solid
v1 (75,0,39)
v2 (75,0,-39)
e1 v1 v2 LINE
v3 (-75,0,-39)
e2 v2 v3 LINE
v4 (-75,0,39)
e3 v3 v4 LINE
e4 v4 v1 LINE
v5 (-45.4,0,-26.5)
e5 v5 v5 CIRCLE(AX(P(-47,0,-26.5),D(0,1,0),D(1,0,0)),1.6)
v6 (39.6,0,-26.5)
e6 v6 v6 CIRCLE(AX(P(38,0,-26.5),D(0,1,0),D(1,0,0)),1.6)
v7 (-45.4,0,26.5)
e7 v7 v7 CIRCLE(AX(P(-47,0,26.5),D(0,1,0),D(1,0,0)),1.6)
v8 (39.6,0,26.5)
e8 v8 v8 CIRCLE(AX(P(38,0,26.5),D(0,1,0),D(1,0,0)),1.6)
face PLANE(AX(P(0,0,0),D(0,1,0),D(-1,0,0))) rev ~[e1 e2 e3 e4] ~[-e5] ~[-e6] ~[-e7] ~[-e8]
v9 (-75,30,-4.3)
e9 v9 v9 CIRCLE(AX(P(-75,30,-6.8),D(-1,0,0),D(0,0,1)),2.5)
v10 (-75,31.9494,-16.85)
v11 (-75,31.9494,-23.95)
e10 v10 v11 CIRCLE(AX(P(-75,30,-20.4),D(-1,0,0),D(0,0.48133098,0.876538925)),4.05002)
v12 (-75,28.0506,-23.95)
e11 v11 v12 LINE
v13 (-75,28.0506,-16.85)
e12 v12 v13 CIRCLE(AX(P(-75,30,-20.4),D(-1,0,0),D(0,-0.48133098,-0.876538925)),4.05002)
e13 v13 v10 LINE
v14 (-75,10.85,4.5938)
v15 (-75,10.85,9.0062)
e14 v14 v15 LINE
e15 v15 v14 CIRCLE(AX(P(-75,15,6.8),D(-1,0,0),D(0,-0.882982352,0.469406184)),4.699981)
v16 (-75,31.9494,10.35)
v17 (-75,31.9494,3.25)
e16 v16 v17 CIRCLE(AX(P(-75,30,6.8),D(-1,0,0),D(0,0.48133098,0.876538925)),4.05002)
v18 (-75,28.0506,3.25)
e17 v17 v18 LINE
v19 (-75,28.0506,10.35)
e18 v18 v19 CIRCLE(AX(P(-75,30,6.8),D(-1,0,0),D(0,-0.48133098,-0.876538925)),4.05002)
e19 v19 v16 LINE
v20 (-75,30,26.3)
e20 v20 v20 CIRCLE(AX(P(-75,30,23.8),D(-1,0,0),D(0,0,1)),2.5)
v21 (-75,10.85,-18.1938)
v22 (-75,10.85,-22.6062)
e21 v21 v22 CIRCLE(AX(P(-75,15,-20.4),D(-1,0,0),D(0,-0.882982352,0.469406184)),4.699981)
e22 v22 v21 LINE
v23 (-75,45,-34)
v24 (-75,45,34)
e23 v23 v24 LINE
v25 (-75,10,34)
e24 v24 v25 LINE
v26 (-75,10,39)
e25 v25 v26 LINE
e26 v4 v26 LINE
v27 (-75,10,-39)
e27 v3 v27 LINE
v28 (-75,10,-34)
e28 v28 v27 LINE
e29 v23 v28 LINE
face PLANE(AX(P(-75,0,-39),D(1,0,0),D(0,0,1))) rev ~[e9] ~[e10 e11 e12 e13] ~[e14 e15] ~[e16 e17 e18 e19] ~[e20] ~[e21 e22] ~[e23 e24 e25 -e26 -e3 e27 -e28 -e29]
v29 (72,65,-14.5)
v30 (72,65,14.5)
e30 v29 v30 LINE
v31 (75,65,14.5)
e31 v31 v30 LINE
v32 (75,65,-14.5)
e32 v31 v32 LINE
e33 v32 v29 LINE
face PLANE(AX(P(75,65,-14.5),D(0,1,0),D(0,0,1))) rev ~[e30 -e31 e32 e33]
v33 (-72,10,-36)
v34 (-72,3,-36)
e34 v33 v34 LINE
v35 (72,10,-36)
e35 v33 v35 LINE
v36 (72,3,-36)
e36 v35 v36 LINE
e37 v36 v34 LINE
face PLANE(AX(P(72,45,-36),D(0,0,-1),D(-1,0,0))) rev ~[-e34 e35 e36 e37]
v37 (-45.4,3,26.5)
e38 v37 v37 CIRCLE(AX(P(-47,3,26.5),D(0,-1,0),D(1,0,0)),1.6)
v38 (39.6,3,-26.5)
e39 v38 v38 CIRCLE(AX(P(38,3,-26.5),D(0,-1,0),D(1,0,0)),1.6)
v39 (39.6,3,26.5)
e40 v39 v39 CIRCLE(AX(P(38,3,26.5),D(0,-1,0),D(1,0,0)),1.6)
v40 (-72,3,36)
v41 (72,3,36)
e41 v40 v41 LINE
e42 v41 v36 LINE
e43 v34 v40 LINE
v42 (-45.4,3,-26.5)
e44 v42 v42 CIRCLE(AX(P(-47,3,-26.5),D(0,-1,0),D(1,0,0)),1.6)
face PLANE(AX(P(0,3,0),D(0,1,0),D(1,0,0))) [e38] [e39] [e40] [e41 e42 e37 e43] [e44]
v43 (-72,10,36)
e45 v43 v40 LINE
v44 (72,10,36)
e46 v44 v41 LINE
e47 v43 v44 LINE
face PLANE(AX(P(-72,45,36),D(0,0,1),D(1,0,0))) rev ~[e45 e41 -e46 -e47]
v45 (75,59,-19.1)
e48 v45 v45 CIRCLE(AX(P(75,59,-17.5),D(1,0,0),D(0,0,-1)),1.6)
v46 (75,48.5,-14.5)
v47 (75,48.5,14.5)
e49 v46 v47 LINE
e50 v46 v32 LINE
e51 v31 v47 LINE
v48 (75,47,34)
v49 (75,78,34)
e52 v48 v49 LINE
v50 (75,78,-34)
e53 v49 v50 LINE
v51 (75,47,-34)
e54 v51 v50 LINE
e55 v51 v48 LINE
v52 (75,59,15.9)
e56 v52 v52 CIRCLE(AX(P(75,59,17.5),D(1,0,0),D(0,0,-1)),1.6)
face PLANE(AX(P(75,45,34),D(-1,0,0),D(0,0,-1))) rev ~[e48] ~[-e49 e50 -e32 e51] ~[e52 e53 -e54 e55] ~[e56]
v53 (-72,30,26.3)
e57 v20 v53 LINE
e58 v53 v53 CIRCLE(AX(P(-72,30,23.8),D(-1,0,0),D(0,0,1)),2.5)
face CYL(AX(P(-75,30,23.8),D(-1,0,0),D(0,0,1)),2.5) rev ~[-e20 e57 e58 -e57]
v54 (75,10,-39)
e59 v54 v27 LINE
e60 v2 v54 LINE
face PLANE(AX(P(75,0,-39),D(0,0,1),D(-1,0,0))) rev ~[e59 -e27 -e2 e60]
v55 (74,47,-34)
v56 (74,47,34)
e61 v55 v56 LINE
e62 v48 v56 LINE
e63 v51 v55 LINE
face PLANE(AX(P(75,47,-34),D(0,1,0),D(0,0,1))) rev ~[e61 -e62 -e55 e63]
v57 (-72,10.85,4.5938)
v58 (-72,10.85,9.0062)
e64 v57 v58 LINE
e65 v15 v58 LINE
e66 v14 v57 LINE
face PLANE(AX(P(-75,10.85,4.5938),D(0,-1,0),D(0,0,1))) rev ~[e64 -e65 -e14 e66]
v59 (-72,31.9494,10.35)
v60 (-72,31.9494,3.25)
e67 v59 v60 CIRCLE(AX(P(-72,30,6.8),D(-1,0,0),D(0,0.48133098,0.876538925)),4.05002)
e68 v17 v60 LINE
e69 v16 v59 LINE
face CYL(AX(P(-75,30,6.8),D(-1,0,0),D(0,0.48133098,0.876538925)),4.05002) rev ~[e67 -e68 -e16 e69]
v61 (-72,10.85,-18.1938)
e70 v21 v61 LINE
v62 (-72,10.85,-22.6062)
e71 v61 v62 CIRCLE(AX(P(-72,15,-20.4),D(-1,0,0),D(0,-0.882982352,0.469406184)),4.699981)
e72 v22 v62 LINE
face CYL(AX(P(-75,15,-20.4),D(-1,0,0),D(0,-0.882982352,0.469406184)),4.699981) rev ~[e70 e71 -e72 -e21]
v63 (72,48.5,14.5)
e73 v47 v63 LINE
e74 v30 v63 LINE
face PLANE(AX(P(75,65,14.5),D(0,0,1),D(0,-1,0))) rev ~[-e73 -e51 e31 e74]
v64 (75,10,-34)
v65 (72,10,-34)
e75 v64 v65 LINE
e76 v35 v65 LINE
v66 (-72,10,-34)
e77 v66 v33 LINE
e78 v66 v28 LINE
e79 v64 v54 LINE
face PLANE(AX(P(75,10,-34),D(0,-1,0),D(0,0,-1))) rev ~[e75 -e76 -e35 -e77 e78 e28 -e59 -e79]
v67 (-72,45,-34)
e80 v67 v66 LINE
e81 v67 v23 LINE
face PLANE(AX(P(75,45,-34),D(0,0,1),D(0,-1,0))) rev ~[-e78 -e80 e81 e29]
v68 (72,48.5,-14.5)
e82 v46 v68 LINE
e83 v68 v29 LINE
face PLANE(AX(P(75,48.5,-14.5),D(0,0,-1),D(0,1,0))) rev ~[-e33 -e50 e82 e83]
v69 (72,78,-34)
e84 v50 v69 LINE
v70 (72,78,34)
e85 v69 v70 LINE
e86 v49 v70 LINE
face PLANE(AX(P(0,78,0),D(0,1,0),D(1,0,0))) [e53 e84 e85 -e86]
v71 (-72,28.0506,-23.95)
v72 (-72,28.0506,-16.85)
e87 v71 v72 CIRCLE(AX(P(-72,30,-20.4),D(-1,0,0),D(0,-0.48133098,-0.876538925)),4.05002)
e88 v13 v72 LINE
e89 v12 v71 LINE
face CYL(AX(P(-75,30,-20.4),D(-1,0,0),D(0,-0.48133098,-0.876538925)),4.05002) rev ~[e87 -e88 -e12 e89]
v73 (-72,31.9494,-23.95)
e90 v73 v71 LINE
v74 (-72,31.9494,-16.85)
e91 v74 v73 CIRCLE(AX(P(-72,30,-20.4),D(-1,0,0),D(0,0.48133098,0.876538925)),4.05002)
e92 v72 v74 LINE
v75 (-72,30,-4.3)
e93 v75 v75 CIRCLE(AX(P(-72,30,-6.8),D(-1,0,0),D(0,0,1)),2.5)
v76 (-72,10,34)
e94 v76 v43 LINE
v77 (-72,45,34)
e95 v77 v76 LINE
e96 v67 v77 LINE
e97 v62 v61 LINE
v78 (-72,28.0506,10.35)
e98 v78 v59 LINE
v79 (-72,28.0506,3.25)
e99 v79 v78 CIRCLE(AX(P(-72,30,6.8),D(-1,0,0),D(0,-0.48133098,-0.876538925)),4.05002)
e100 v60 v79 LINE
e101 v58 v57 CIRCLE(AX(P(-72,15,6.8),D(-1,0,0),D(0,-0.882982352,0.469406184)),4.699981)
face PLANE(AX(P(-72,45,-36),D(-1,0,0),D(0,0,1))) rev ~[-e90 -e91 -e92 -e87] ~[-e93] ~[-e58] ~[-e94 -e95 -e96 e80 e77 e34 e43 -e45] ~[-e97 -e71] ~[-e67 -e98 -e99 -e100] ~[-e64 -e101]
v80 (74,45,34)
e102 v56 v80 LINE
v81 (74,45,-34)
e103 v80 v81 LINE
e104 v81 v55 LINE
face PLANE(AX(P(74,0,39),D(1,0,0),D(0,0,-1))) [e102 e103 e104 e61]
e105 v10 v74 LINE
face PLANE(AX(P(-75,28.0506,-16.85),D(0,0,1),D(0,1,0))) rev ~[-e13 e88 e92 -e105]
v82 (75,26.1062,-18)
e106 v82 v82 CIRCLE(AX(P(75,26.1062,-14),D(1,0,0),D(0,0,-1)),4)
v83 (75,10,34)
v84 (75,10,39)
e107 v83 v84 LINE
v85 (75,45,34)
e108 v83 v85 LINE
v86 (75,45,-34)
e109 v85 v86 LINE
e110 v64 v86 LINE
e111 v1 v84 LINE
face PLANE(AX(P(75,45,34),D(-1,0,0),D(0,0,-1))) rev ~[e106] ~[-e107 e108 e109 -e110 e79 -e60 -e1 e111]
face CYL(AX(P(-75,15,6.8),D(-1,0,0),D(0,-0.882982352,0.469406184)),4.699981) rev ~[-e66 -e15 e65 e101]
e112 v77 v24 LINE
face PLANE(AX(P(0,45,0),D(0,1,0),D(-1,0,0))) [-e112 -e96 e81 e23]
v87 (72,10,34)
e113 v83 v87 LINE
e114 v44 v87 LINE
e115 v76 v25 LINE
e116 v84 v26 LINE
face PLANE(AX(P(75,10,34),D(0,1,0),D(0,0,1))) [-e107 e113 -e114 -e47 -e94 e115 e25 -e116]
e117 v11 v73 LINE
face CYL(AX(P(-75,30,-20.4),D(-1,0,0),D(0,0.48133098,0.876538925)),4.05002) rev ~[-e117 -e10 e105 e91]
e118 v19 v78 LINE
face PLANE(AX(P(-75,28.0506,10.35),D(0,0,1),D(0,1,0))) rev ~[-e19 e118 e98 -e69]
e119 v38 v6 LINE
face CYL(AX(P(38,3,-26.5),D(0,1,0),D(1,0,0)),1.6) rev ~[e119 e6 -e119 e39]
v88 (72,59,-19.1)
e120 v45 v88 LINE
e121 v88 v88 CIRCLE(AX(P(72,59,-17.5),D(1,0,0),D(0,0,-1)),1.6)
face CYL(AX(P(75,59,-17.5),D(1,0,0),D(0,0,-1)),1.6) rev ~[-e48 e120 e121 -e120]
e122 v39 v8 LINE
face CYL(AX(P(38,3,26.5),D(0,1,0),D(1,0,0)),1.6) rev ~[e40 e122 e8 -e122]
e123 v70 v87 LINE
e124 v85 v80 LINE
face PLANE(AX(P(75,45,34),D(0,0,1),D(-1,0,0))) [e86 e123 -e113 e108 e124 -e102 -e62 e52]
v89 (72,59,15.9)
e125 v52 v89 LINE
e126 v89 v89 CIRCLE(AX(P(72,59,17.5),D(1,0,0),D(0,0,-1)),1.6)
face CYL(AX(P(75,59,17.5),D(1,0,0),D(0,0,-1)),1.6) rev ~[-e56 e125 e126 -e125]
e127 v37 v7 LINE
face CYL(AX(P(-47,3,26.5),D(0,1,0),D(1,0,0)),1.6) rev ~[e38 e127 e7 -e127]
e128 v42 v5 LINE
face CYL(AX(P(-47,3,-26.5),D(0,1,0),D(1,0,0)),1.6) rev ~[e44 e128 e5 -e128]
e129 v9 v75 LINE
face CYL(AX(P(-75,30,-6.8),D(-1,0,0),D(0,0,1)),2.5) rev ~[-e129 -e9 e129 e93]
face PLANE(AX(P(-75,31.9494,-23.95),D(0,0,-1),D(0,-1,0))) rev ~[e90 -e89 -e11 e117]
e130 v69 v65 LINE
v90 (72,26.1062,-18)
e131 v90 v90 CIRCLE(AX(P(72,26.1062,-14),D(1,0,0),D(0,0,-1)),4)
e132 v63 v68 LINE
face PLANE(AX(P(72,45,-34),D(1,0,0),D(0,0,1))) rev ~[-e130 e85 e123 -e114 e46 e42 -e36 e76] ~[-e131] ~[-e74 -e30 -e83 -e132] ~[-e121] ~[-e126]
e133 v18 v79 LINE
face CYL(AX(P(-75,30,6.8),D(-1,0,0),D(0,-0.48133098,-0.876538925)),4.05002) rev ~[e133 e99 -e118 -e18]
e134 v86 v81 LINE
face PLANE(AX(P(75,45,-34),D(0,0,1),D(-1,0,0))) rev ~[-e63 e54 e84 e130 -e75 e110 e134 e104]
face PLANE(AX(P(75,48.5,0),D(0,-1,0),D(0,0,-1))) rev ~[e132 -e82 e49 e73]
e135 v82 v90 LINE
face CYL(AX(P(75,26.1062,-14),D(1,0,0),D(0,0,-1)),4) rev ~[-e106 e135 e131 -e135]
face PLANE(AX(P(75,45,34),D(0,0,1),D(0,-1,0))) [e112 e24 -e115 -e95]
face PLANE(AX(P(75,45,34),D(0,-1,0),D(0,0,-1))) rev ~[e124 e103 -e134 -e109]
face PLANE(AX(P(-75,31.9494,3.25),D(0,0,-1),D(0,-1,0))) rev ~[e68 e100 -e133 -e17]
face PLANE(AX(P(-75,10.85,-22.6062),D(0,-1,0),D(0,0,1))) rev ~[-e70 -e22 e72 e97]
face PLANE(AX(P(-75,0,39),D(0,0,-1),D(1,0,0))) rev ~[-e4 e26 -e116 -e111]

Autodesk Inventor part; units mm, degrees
ref_plane "YZ Plane" through (0, 0, 0) normal (1, 0, 0) x (0, 1, 0)
ref_plane "XZ Plane" through (0, 0, 0) normal (0, 1, 0) x (-1, 0, 0)
ref_plane "XY Plane" through (0, 0, 0) normal (0, 0, 1) x (1, 0, 0)
sketch "Sketch1" plane through (0, 0, 0) normal (0, 1, 0) x (-1, 0, 0)
  line L0 (-75, -39) -> (75, -39)
  line L1 (75, -39) -> (75, 39)
  line L2 (75, 39) -> (-75, 39)
  line L3 (-75, 39) -> (-75, -39)
  line L4 (-75, -39) -> (75, 39) construction
  line L5 (75, -39) -> (-75, 39) construction
  point P0 (0, 0)
  dimension "d0" = 150
  dimension "d1" = 78
extrude "Extrusion1" add sketch "Sketch1" along normal blind 45
sketch "Sketch4" plane through (75, 0, 39) normal (1, 0, 0) x (0, 0, -1)
  line L0 (78, 45) -> (0, 45) projected
  line L1 (0, 45) -> (5, 45)
  line L2 (5, 45) -> (5, 10)
  line L3 (5, 10) -> (0, 10)
  line L4 (0, 10) -> (0, 45)
  line L5 (78, 45) -> (73, 45)
  line L6 (73, 45) -> (73, 10)
  line L7 (73, 10) -> (78, 10)
  line L8 (78, 10) -> (78, 45)
  point P0 (39, 0)
  dimension "d14" = 5
  dimension "d15" = 35
  dimension "d16" = 5
  dimension "d17" = 35
extrude "Extrusion4" cut sketch "Sketch4" against normal blind 150
sketch "Sketch5" plane through (0, 45, 0) normal (0, 1, 0) x (1, 0, 0)
  line L0 (72, 36) -> (-72, 36)
  line L1 (-72, 36) -> (-72, -36)
  line L2 (-72, -36) -> (72, -36)
  line L3 (72, -36) -> (72, 36)
  line L4 (72, 36) -> (-72, -36) construction
  line L5 (-72, 36) -> (72, -36) construction
  point P0 (0, 0)
  dimension "d20" = 144
  dimension "d21" = 72
extrude "Extrusion5" cut sketch "Sketch5" against normal blind 42
sketch "Sketch6" plane through (75, 0, 39) normal (1, 0, 0) x (0, 0, -1)
  circle A0 centre (53, 26.1062) radius 4
  line L0 (73, 10) -> (73, 45) projected
  circle A1 centre (25, 27.5) radius 10.75
  line L1 (5, 78) -> (5, 10) projected
  point P0 (39, 0)
  point P1 (5, 45)
  dimension "d25" = 8
  dimension "d33" = 20
  dimension "d67" = 21.5
  dimension "d68" = 20
sketch "Sketch7" plane through (-75, 0, -39) normal (-1, 0, 0) x (0, 0, 1)
  line L0 (22.15, 28.0506) -> (22.15, 31.9494)
  line L1 (15.05, 31.9494) -> (15.05, 28.0506)
  line L2 (15.05, 28.0506) -> (22.15, 31.9494) construction
  line L3 (22.15, 28.0506) -> (15.05, 31.9494) construction
  arc A0 (22.15, 31.9494) -> (15.05, 31.9494) centre (18.6, 30) ccw
  arc A1 (15.05, 28.0506) -> (22.15, 28.0506) centre (18.6, 30) ccw
  line L4 (18.6, 30) -> (18, 30) construction
  line L5 (0, 0) -> (78, 0) projected
  line L6 (5, 45) -> (5, 10) projected
  arc A2 (20.8062, 10.85) -> (16.3938, 10.85) centre (18.6, 15) ccw
  line L7 (16.3938, 10.85) -> (20.8062, 10.85)
  circle A3 centre (32.2, 30) radius 2.5
  line L8 (49.35, 28.0506) -> (49.35, 31.9494)
  line L9 (42.25, 31.9494) -> (42.25, 28.0506)
  line L10 (42.25, 28.0506) -> (49.35, 31.9494) construction
  line L11 (49.35, 28.0506) -> (42.25, 31.9494) construction
  arc A4 (49.35, 31.9494) -> (42.25, 31.9494) centre (45.8, 30) ccw
  arc A5 (42.25, 28.0506) -> (49.35, 28.0506) centre (45.8, 30) ccw
  line L12 (45.8, 30) -> (41.8, 30) construction
  line L13 (43.5938, 10.85) -> (48.0062, 10.85)
  arc A6 (48.0062, 10.85) -> (43.5938, 10.85) centre (45.8, 15) ccw
  circle A7 centre (62.8, 30) radius 2.5
  point P0 (39, 0)
  point P1 (18.6, 30)
  point P2 (18.6, 30)
  dimension "d36" = 7.1
  dimension "d37" = 4.05
  dimension "d77" = 30
  dimension "d81" = 13.6
  dimension "d85" = 9.4
  dimension "d86" = 4.15
  dimension "d87" = 15
  dimension "d88" = 5
  dimension "d89" = 13.6
  dimension "d90" = 7.1
  dimension "d91" = 4.05
  dimension "d92" = 9.4
  dimension "d93" = 4.15
  dimension "d94" = 15
  dimension "d95" = 5
  dimension "d96" = 17
  dimension "d97" = 13.6
sketch "Sketch8" plane through (0, 3, 0) normal (0, 1, 0) x (1, 0, 0)
  line L0 (-47, -26.5) -> (38, -26.5)
  line L1 (38, -26.5) -> (38, 26.5)
  line L2 (38, 26.5) -> (-47, 26.5)
  line L3 (-47, 26.5) -> (-47, -26.5)
  line L4 (-47, -26.5) -> (38, 26.5) construction
  line L5 (38, -26.5) -> (-47, 26.5) construction
  circle A0 centre (38, 26.5) radius 1.6
  circle A1 centre (38, -26.5) radius 1.6
  circle A2 centre (-47, -26.5) radius 1.6
  circle A3 centre (-47, 26.5) radius 1.6
  line L6 (-72, -34) -> (-72, 34) projected
  point P0 (-4.5, 0)
  dimension "d42" = 85
  dimension "d43" = 53
  dimension "d44" = 3.2
  dimension "d45" = 3.2
  dimension "d46" = 3.2
  dimension "d47" = 3.2
  dimension "d51" = 25
extrude "Extrusion8" cut sketch "Sketch8" against normal blind 3 contours L3 A2 L0 | L0 A2 L3 | A1 L1 L0 | L0 L1 A1 | A3 L2 L3 | L3 L2 A3 | A0 L2 L1 | L1 L2 A0
sketch "Sketch9" plane through (0, 45, 0) normal (0, 1, 0) x (1, 0, 0)
  line L0 (75, -34) -> (72, -34) projected
  line L1 (75, 39) -> (75, 34) projected
  line L2 (72, -34) -> (75, -34)
  line L3 (75, -34) -> (75, 34)
  line L4 (75, 34) -> (72, 34)
  line L5 (72, 34) -> (72, -34)
  point P0 (0, 0)
extrude "Extrusion9" add sketch "Sketch9" along normal blind 33
sketch "Sketch10" plane through (75, 0, 39) normal (1, 0, 0) x (0, 0, -1)
  line L0 (53.5, 65) -> (24.5, 65)
  line L1 (24.5, 65) -> (24.5, 48.5)
  line L2 (24.5, 48.5) -> (53.5, 48.5)
  line L3 (53.5, 48.5) -> (53.5, 65)
  line L4 (53.5, 65) -> (24.5, 48.5) construction
  line L5 (24.5, 65) -> (53.5, 48.5) construction
  line L6 (61.5, 65) -> (16.5, 65)
  line L7 (16.5, 65) -> (16.5, 48.5)
  line L8 (16.5, 48.5) -> (61.5, 48.5)
  line L9 (61.5, 48.5) -> (61.5, 65)
  line L10 (61.5, 65) -> (16.5, 48.5) construction
  line L11 (16.5, 65) -> (61.5, 48.5) construction
  line L12 (39, 48.5) -> (39, 65) construction
  line L13 (5, 78) -> (73, 78) projected
  line L14 (5, 78) -> (5, 10) projected
  circle A0 centre (21.5, 59) radius 1.6
  line L15 (39, 65) -> (39, 48.5)
  circle A1 centre (56.5, 59) radius 1.6
  point P0 (39, 0)
  point P1 (39, 56.75)
  point P2 (39, 56.75)
  dimension "d54" = 29
  dimension "d55" = 16.5
  dimension "d56" = 45
  dimension "d59" = 13
  dimension "d60" = 34
  dimension "d61" = 3.2
  dimension "d62" = 5
  dimension "d74" = 10.5
extrude "Extrusion10" cut sketch "Sketch10" against normal blind 3 contours L3 L2 L15 L0 | L15 L2 L1 L0 | A0 | A1
sketch "Sketch11" plane through (75, 0, 39) normal (1, 0, 0) x (0, 0, -1)
  point P0 (39, 0)
sketch "Sketch12" plane through (75, 0, 39) normal (1, 0, 0) x (0, 0, -1)
  line L0 (5, 78) -> (5, 10) projected
  line L1 (5, 45) -> (73, 45)
  line L2 (73, 45) -> (73, 47)
  line L3 (73, 47) -> (5, 47)
  line L4 (5, 47) -> (5, 45)
  line L5 (0, 0) -> (78, 0) projected
  line L6 (73, 10) -> (73, 78) projected
  point P0 (39, 0)
  dimension "d69" = 45
  dimension "d70" = 2
extrude "Extrusion12" cut sketch "Sketch12" against normal blind 1
extrude "Extrusion13" cut sketch "Sketch6" against normal blind 10 contours A0
extrude "Extrusion14" cut sketch "Sketch7" against normal blind 10
properties part number "box"
